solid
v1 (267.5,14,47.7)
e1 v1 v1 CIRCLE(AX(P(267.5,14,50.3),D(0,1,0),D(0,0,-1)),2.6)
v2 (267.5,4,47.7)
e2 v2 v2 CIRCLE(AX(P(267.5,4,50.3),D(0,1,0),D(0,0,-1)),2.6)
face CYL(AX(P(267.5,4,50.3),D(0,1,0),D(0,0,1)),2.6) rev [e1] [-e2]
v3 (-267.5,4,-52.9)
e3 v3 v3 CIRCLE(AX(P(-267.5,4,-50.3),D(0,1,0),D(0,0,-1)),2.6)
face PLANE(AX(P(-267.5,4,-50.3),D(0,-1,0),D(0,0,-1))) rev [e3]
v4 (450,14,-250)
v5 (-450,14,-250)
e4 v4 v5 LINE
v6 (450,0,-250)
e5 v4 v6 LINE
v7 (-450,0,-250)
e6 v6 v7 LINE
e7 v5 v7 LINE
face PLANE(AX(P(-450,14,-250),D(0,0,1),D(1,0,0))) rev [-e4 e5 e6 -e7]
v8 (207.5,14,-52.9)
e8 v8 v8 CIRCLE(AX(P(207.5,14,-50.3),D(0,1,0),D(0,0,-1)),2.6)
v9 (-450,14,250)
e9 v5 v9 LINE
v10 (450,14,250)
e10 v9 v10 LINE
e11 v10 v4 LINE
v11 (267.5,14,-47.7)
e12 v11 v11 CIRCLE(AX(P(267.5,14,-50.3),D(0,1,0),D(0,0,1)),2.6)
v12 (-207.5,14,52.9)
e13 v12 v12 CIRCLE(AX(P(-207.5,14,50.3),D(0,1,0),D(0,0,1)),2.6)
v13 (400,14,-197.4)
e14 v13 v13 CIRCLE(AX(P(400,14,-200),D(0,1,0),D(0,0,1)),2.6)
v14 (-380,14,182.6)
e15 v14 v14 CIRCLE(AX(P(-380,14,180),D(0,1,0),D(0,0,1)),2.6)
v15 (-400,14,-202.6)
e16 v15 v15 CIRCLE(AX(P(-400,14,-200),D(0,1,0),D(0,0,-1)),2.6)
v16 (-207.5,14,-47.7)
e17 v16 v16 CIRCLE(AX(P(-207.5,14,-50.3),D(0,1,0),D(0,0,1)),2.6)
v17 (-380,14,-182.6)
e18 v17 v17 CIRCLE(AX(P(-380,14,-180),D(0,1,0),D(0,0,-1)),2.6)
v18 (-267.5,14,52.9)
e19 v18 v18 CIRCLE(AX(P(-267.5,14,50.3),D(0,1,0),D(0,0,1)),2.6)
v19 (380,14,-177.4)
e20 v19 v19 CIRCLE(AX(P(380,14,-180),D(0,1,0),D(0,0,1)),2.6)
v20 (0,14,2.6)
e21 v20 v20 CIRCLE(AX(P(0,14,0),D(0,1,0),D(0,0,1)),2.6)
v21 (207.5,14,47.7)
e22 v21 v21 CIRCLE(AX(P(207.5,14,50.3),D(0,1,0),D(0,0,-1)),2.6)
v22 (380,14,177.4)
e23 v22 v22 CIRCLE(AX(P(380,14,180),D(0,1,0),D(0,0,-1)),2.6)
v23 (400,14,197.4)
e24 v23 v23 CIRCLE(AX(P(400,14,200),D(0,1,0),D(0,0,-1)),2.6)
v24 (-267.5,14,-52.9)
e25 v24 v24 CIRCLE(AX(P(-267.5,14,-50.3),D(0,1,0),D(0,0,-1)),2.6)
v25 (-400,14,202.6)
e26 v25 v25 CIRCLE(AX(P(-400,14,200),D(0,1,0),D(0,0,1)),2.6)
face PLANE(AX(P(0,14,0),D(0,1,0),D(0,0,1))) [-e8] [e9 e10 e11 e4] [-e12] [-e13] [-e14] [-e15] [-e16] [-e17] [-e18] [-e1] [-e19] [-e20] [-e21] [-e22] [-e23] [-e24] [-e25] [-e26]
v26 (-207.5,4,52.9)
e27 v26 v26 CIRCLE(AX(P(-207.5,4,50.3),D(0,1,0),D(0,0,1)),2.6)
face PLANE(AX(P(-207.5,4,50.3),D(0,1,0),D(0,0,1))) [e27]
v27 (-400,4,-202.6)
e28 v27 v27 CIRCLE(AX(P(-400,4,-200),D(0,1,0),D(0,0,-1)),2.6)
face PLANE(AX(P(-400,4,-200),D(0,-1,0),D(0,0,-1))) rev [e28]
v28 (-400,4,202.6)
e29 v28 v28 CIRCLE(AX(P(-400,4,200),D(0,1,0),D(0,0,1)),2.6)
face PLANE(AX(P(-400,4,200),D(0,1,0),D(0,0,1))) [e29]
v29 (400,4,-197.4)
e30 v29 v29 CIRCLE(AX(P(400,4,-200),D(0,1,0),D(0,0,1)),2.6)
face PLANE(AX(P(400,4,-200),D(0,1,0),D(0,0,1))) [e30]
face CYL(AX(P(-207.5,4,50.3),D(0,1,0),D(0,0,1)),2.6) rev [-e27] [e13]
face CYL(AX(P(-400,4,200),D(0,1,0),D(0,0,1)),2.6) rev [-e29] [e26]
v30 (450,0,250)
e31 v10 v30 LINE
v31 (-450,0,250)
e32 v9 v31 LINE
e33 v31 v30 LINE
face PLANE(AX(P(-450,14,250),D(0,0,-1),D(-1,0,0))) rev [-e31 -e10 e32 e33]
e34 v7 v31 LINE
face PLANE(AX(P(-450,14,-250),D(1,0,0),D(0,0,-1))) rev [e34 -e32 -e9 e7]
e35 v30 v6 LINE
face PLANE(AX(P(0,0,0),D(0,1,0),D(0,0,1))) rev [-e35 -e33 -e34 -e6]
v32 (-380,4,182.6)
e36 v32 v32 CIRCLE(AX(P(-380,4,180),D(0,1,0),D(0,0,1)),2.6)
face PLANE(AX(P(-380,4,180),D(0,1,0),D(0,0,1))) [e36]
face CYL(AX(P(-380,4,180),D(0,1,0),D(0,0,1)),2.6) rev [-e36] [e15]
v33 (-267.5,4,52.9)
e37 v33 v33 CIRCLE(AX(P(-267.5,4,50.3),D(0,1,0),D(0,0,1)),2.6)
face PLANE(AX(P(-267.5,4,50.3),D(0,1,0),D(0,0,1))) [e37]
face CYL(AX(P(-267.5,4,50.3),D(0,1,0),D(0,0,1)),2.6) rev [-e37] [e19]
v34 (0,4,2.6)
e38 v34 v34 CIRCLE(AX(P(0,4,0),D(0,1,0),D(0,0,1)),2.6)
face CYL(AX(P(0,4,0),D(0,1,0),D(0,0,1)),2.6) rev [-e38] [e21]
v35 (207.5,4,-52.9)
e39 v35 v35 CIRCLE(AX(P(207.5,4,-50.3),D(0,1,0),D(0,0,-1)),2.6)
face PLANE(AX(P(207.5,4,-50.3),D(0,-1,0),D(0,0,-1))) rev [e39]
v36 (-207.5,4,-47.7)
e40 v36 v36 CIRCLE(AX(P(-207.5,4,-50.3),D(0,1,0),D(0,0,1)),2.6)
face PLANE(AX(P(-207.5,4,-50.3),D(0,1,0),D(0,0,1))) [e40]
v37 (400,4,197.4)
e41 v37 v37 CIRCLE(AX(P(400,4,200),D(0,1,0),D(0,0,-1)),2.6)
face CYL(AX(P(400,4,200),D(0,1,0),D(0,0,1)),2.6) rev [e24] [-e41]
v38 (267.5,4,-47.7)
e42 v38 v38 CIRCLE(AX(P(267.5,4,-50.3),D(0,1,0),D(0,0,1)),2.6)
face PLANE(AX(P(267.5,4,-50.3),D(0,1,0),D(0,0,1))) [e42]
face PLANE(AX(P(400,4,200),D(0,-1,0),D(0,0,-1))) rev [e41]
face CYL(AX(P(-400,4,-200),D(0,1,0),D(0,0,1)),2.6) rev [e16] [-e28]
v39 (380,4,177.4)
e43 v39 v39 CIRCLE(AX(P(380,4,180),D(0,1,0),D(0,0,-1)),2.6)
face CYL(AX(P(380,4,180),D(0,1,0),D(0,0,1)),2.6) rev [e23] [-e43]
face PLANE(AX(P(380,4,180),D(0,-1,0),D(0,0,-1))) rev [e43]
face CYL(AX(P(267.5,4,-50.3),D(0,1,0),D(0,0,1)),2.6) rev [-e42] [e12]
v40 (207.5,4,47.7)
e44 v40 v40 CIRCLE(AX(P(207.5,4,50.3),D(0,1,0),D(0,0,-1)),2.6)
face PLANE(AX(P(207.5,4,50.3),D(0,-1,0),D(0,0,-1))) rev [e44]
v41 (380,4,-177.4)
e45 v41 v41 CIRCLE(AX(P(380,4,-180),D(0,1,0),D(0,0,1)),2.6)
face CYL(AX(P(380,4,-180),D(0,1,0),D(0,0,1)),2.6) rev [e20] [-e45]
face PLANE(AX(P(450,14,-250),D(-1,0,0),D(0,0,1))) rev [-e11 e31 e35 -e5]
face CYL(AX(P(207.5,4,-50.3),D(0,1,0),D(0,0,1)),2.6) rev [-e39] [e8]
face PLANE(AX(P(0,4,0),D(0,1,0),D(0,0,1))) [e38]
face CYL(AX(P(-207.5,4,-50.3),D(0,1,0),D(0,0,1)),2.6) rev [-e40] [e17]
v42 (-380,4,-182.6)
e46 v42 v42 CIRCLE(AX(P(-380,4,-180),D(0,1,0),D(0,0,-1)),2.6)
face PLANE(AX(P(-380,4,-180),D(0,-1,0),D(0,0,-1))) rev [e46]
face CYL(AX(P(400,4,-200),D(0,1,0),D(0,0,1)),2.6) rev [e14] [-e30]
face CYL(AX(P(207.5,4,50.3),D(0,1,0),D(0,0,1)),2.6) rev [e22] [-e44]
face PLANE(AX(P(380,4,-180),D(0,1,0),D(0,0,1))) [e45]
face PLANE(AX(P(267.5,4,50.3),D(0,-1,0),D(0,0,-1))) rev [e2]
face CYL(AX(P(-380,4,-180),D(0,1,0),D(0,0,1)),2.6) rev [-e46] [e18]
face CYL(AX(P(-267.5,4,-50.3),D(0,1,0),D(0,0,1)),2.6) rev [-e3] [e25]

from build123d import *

# Parameters (mm, degrees)
SKETCH1_W           = 900
SKETCH1_H           = 500
BOSS_EXTRUDE1_DEPTH = 14
SKETCH2_R           = 2.6
CUT_EXTRUDE1_DEPTH  = 10


with BuildPart() as part:
    # Sketch1 → Boss-Extrude1 (new body)
    with BuildSketch(Plane(origin=(0, 0, 0), x_dir=(1, 0, 0), z_dir=(0, 1, 0))):
        Rectangle(SKETCH1_W, SKETCH1_H)
    extrude(amount=BOSS_EXTRUDE1_DEPTH)

    # Sketch2 → Cut-Extrude1 (cut)
    with BuildSketch(Plane(origin=(0, 14, 0), x_dir=(1, 0, 0), z_dir=(0, 1, 0))):
        with Locations(Location((-207.5, 50.3, 0), (0, 0, 270))):
            Circle(SKETCH2_R)
        with Locations(Location((-207.5, -50.3, 0), (0, 0, 270))):
            Circle(SKETCH2_R)
        with Locations(Location((0, 0, 0), (0, 0, 270))):
            Circle(SKETCH2_R)
        with Locations(Location((-267.5, -50.3, 0), (0, 0, 270))):
            Circle(SKETCH2_R)
        with Locations(Location((-267.5, 50.3, 0), (0, 0, 90))):
            Circle(SKETCH2_R)
        with Locations(Location((-400, -200, 0), (0, 0, 270))):
            Circle(SKETCH2_R)
        with Locations(Location((-380, -180, 0), (0, 0, 270))):
            Circle(SKETCH2_R)
        with Locations(Location((-380, 180, 0), (0, 0, 90))):
            Circle(SKETCH2_R)
        with Locations(Location((-400, 200, 0), (0, 0, 90))):
            Circle(SKETCH2_R)
        with Locations(Location((400, -200, 0), (0, 0, 90))):
            Circle(SKETCH2_R)
        with Locations(Location((380, -180, 0), (0, 0, 90))):
            Circle(SKETCH2_R)
        with Locations(Location((400, 200, 0), (0, 0, 270))):
            Circle(SKETCH2_R)
        with Locations(Location((380, 180, 0), (0, 0, 270))):
            Circle(SKETCH2_R)
        with Locations(Location((267.5, 50.3, 0), (0, 0, 270))):
            Circle(SKETCH2_R)
        with Locations(Location((267.5, -50.3, 0), (0, 0, 90))):
            Circle(SKETCH2_R)
        with Locations(Location((207.5, -50.3, 0), (0, 0, 90))):
            Circle(SKETCH2_R)
        with Locations(Location((207.5, 50.3, 0), (0, 0, 90))):
            Circle(SKETCH2_R)
    extrude(amount=-CUT_EXTRUDE1_DEPTH, mode=Mode.SUBTRACT)


solid = part.part
